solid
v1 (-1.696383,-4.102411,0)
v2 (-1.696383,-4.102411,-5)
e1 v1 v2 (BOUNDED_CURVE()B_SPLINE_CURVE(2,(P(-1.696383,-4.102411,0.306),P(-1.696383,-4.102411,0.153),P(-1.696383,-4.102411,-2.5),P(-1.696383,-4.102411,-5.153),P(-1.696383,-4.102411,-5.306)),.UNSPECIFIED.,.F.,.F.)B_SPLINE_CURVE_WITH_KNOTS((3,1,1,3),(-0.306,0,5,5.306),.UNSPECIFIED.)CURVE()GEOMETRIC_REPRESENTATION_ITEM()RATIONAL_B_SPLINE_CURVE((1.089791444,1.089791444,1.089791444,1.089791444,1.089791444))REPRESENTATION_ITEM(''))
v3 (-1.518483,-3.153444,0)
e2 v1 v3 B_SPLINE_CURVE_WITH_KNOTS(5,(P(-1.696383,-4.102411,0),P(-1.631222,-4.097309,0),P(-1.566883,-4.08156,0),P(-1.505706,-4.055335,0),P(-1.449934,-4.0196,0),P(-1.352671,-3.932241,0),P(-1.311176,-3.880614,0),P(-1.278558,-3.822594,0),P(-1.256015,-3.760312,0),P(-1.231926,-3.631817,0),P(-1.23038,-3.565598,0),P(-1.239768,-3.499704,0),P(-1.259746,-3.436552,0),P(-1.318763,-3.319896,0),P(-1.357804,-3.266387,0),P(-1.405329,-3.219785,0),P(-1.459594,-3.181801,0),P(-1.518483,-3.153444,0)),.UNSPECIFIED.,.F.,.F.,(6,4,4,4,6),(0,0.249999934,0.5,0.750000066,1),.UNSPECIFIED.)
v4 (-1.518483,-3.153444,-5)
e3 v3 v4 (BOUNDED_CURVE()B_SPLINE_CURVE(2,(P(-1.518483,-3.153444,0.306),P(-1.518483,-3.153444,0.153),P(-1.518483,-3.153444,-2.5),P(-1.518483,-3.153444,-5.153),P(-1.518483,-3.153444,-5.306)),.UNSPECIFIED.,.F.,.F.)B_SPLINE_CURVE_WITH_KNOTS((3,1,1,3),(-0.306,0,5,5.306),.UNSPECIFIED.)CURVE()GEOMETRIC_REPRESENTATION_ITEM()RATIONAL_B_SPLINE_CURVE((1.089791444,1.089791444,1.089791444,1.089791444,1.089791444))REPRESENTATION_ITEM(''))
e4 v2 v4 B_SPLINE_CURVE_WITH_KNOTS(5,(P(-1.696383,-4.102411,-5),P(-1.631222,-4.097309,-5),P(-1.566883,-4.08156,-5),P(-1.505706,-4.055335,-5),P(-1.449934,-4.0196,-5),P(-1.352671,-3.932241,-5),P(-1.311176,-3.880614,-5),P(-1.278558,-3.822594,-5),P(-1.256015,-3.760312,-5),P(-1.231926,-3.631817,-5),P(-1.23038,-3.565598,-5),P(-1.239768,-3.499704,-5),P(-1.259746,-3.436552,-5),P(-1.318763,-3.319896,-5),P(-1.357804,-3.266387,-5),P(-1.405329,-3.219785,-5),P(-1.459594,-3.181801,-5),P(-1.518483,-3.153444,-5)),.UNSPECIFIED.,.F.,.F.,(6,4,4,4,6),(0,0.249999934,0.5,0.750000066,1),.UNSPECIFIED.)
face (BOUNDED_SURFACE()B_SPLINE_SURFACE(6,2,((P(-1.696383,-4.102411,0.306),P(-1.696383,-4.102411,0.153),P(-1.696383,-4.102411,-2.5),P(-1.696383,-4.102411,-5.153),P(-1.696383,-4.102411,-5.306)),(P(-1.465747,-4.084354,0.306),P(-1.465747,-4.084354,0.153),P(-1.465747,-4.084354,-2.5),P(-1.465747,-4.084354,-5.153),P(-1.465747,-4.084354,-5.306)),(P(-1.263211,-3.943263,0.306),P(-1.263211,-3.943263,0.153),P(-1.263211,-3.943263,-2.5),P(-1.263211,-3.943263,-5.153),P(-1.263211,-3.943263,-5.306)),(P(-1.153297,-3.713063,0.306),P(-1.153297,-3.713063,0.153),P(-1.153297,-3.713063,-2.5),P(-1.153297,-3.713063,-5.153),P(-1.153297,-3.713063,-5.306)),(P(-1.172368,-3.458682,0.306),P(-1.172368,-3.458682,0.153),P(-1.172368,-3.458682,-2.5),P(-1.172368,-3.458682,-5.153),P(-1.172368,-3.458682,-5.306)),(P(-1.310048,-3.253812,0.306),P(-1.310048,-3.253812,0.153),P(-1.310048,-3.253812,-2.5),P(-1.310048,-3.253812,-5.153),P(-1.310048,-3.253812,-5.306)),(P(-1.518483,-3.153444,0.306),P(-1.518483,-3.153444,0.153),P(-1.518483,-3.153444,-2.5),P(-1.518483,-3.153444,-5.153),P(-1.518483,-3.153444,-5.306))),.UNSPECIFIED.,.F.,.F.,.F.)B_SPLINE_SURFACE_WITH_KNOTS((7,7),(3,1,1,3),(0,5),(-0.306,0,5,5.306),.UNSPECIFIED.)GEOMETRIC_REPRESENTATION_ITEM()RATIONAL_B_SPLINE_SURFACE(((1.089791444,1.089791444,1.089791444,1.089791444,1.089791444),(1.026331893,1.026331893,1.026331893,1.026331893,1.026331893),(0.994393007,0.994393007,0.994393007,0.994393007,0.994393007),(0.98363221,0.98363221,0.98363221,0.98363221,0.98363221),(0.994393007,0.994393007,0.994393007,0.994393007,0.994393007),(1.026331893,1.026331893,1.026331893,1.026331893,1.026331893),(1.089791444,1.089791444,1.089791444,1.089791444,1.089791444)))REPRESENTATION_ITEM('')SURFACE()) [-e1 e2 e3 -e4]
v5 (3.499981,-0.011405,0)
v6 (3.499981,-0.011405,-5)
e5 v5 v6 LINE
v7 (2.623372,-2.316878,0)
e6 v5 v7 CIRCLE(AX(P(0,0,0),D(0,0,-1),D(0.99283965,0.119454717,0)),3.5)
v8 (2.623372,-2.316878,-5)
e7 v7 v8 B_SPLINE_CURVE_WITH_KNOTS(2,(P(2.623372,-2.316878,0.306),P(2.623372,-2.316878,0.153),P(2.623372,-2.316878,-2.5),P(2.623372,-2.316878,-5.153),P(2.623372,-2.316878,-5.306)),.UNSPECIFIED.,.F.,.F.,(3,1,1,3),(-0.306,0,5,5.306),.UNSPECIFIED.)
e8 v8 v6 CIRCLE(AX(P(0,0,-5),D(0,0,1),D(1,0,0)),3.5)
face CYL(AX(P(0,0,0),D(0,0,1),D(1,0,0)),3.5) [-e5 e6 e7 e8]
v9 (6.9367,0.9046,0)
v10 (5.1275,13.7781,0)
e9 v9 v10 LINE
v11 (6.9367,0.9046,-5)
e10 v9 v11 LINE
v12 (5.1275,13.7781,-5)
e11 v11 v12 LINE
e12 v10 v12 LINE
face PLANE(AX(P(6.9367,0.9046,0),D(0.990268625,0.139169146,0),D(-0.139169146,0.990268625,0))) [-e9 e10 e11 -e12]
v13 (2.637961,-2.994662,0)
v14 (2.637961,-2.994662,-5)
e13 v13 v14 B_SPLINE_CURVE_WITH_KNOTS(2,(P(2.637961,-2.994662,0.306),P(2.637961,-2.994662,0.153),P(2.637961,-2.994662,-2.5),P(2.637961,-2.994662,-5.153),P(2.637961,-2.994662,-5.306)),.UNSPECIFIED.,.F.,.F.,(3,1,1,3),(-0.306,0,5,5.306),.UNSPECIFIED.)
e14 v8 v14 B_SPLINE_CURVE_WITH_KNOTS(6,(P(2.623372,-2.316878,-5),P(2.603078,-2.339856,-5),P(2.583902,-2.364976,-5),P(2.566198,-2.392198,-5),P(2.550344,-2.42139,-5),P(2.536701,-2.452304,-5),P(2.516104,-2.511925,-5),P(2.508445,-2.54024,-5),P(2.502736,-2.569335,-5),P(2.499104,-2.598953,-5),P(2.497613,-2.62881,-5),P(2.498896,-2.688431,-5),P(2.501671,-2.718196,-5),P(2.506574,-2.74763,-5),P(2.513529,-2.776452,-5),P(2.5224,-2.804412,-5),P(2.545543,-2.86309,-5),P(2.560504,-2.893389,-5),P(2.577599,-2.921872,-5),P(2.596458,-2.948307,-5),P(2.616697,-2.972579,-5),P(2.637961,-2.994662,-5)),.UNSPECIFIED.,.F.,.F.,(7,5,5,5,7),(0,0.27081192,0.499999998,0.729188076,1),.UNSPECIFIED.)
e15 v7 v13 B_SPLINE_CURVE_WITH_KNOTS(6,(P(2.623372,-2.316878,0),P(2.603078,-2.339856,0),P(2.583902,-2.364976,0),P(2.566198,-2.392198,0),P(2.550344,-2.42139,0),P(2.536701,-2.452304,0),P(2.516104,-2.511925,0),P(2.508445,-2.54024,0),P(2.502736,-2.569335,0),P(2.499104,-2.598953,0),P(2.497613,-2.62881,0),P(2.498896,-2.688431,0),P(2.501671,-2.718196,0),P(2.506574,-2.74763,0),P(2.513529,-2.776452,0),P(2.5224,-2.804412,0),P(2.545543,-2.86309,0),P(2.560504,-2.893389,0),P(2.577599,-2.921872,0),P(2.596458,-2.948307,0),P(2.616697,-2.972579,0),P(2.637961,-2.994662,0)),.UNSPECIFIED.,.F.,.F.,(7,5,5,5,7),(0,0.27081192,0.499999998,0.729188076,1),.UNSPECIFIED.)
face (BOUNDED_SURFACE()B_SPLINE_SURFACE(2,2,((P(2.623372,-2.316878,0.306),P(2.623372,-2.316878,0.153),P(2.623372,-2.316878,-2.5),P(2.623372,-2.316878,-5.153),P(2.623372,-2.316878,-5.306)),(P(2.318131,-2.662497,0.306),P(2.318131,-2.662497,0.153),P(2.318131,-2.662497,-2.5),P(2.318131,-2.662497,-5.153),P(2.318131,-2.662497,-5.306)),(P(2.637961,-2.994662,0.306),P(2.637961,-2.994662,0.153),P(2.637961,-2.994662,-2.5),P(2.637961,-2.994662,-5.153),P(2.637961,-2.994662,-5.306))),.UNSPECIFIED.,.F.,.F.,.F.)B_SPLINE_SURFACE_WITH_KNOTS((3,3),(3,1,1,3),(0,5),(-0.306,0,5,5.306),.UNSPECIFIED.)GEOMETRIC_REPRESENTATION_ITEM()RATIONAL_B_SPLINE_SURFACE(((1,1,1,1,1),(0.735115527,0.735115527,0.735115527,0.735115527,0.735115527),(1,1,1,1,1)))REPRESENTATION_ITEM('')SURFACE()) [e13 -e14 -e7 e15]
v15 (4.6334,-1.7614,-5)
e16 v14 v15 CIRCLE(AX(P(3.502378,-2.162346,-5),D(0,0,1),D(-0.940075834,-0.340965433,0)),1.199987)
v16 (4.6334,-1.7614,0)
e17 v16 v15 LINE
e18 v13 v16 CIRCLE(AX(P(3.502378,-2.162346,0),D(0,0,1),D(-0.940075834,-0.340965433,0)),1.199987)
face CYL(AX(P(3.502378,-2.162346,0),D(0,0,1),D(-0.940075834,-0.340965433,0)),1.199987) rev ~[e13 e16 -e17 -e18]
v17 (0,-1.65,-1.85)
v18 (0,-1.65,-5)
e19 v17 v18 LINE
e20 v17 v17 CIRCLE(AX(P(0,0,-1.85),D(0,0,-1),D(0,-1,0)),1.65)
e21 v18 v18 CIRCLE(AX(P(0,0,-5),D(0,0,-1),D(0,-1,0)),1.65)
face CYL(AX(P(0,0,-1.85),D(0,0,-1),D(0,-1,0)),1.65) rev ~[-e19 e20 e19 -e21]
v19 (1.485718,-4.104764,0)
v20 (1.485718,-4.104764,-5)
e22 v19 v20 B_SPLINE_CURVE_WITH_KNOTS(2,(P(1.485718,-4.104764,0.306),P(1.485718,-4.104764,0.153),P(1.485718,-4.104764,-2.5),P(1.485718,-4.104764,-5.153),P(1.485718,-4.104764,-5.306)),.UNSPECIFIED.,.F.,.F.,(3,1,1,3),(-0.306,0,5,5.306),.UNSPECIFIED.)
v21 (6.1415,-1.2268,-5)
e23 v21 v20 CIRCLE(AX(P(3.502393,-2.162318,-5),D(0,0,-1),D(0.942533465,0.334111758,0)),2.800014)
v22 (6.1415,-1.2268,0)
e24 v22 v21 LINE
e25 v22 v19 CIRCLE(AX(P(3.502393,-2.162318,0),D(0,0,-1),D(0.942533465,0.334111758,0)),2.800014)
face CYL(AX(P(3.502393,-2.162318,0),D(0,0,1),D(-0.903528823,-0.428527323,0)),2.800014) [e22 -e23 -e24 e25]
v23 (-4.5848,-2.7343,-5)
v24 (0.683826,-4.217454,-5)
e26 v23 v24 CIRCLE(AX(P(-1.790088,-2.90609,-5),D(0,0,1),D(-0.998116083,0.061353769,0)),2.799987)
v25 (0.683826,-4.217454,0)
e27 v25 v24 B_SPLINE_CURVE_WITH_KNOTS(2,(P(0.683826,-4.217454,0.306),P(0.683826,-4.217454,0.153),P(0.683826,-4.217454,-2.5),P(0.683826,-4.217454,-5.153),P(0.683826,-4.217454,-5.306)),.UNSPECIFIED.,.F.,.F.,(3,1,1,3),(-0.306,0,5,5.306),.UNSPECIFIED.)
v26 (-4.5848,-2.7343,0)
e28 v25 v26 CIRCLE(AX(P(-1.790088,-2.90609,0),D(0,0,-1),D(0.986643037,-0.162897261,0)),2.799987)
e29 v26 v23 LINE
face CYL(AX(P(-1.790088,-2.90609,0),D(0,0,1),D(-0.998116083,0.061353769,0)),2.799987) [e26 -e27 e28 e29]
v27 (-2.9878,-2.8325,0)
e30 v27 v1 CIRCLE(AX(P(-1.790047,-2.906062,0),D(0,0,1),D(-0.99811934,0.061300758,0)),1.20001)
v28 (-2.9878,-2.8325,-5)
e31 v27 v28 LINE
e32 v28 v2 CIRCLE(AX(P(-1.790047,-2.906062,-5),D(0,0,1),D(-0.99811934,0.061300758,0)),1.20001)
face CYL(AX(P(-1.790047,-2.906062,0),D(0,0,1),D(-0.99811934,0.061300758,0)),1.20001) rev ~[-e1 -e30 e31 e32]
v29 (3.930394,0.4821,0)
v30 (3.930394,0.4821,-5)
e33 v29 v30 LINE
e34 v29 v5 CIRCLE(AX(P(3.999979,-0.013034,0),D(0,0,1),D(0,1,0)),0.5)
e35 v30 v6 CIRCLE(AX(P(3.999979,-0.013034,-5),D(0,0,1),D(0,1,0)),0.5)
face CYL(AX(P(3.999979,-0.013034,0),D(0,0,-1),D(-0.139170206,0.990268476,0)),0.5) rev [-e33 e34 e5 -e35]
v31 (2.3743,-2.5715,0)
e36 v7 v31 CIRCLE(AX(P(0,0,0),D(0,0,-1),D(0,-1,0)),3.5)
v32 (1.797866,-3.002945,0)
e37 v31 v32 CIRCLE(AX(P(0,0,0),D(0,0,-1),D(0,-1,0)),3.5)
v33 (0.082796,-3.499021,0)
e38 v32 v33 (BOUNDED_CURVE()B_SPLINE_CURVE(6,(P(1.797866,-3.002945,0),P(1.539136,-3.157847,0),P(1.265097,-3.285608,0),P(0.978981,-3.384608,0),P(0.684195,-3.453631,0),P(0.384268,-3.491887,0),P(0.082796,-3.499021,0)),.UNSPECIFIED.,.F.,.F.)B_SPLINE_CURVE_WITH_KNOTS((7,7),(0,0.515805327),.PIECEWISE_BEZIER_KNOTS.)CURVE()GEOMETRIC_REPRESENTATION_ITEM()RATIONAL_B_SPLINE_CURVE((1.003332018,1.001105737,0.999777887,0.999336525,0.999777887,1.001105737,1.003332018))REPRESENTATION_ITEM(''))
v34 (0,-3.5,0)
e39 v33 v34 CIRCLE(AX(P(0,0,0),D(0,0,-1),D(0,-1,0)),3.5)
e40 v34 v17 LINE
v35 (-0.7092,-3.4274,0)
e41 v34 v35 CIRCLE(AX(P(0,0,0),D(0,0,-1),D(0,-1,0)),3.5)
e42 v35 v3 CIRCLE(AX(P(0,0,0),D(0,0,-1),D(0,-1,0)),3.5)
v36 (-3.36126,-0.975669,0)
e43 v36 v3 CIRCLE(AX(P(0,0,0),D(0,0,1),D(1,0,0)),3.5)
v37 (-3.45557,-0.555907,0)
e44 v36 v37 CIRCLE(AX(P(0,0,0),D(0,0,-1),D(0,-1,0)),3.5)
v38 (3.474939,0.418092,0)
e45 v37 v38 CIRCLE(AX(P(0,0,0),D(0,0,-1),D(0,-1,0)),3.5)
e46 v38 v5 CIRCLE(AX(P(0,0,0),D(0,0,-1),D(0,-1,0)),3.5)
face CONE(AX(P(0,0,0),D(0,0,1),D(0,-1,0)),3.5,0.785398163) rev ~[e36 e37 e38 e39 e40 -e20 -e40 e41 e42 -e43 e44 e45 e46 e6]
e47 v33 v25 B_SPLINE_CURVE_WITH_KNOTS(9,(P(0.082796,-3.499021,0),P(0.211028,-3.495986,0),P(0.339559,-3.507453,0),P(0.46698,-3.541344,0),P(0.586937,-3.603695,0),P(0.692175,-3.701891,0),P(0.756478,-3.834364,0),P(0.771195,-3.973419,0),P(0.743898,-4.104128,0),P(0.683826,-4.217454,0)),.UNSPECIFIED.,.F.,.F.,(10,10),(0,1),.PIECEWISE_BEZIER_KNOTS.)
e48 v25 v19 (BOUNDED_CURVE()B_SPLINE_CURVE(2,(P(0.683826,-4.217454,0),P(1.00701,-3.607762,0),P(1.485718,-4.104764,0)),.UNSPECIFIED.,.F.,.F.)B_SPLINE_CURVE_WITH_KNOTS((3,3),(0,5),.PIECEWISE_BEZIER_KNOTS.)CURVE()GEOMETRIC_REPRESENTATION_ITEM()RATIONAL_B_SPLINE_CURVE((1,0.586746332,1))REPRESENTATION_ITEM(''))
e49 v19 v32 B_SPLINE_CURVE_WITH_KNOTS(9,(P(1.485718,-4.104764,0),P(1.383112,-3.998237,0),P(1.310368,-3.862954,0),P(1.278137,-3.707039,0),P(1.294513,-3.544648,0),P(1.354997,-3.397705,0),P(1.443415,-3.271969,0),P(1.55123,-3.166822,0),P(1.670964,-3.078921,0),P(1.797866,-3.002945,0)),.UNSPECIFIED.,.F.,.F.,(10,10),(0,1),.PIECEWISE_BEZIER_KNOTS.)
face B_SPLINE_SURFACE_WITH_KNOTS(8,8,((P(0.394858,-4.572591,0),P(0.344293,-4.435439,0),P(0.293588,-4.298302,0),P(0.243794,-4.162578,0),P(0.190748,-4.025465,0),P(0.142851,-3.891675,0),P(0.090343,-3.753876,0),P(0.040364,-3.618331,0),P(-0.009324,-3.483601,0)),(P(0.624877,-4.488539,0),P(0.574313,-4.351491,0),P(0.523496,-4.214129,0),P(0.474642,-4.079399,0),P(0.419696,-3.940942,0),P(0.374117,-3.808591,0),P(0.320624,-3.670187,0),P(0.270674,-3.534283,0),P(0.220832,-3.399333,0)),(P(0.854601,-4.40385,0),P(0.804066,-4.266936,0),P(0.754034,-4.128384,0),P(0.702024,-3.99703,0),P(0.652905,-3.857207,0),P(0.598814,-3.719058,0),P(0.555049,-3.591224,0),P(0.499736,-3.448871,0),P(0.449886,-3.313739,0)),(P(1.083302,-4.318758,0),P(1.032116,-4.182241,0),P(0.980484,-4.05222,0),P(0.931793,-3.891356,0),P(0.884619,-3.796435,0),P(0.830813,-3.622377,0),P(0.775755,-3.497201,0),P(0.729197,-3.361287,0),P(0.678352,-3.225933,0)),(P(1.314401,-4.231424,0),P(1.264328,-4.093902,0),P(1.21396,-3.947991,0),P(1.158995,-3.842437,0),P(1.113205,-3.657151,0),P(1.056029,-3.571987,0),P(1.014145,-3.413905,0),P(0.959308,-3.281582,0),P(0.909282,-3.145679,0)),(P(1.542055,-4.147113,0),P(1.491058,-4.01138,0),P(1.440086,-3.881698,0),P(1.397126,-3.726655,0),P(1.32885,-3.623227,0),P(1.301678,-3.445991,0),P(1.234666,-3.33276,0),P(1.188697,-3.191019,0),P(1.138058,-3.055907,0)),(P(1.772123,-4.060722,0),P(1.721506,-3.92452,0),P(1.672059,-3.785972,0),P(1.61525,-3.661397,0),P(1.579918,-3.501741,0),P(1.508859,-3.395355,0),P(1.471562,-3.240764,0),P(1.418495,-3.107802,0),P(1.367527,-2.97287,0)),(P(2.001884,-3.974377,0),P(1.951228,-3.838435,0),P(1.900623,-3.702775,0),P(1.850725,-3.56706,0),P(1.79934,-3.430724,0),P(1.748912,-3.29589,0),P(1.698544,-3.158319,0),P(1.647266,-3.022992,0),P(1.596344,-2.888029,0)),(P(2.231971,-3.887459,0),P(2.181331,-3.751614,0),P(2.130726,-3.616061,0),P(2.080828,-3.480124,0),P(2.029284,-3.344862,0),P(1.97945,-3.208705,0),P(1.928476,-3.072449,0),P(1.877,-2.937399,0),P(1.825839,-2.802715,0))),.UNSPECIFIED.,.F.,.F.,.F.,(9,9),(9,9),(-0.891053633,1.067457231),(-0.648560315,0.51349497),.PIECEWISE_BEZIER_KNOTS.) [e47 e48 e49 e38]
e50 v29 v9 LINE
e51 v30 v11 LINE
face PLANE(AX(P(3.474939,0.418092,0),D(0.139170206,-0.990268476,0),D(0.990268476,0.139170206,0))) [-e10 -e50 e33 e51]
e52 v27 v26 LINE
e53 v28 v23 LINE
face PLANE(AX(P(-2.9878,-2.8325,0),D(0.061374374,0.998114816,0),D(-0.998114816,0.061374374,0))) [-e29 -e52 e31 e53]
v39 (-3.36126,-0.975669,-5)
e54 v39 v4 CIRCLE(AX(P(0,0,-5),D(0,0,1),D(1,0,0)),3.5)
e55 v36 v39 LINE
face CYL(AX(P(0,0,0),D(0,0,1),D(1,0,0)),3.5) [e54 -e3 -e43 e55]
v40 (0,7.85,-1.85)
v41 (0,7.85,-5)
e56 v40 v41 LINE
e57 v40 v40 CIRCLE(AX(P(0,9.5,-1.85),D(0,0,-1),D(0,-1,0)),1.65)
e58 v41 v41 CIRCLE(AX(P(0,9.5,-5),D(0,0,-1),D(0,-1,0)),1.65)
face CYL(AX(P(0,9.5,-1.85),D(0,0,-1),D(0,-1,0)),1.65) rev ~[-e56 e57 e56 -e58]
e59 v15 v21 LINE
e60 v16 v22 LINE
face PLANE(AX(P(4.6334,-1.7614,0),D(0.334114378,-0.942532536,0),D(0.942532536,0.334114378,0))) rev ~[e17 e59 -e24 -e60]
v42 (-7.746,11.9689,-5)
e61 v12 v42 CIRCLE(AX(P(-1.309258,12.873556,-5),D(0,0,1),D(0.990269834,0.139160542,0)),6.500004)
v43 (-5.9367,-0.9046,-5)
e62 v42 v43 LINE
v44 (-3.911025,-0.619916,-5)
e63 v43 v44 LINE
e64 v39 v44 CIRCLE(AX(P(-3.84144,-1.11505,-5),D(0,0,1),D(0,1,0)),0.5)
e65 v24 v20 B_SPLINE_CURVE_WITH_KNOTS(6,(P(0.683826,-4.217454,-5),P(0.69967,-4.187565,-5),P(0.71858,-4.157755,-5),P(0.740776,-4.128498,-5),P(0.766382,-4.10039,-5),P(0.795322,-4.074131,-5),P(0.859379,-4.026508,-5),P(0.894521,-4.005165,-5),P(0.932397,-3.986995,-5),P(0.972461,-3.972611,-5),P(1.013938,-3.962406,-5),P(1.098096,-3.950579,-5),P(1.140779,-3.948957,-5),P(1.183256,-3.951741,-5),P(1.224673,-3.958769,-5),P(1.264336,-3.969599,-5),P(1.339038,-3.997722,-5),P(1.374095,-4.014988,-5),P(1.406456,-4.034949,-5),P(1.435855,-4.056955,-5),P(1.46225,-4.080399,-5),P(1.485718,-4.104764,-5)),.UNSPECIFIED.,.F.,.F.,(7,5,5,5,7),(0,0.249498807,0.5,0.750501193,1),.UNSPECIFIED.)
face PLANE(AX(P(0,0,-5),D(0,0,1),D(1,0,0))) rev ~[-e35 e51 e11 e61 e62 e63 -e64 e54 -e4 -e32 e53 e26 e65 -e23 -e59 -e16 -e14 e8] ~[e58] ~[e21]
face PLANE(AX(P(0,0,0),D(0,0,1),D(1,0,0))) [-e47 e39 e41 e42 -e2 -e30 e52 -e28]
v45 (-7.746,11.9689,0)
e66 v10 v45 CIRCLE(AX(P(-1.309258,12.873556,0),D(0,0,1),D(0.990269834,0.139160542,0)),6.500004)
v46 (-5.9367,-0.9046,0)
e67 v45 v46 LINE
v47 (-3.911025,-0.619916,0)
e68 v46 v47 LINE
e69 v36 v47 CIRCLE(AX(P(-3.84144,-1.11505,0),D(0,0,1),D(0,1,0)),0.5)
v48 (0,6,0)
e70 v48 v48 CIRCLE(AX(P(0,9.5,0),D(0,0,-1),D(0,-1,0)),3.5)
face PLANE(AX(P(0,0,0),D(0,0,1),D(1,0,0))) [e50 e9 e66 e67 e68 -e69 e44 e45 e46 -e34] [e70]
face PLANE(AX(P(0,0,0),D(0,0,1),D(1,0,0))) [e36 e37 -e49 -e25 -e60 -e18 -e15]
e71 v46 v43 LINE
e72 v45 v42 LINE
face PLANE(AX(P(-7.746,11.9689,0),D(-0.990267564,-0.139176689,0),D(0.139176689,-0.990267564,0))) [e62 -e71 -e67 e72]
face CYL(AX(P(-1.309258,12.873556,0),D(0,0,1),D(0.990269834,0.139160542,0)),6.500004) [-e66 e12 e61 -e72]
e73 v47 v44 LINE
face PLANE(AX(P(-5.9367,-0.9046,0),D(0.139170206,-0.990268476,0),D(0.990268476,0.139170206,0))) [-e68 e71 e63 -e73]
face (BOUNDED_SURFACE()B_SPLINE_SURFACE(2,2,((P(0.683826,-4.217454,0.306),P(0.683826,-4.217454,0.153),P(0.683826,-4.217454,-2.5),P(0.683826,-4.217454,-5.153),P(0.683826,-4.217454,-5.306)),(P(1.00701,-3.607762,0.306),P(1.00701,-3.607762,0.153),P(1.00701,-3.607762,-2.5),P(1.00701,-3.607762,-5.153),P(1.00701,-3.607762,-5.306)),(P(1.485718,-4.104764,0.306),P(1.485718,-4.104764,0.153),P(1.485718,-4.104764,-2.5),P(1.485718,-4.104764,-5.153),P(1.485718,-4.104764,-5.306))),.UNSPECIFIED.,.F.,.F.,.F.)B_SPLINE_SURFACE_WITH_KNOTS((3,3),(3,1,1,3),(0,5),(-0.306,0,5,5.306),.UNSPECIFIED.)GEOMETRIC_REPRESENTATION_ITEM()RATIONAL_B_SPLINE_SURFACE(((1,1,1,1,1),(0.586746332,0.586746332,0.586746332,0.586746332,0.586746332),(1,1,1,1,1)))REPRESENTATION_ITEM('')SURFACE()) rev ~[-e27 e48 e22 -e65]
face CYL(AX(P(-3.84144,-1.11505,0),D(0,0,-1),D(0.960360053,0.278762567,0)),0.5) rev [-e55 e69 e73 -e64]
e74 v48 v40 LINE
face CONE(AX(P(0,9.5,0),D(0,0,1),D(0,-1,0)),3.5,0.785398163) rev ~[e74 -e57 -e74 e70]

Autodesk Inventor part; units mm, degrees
ref_plane "YZ Plane" through (0, 0, 0) normal (1, 0, 0) x (0, 1, 0)
ref_plane "XZ Plane" through (0, 0, 0) normal (0, 1, 0) x (-1, 0, 0)
ref_plane "XY Plane" through (0, 0, 0) normal (0, 0, 1) x (1, 0, 0)
sketch "Skizze1" plane through (0, 0, 0) normal (0, 0, 1) x (1, 0, 0)
  line L0 (0.5, 0) -> (-1.3093, 12.8735) construction
  line L1 (6.9367, 0.9046) -> (5.1275, 13.7781)
  line L2 (-7.746, 11.9689) -> (-5.9367, -0.9046)
  arc A0 (-5.9367, -0.9046) -> (6.9367, 0.9046) centre (0.5, 0) ccw
  arc A1 (5.1275, 13.7781) -> (-7.746, 11.9689) centre (-1.3093, 12.8735) ccw
  line L3 (0, 0) -> (0, 9.5) construction
  line L4 (5, -11) -> (-5, -11) construction
  line L5 (0, 0) -> (0, -11) construction
  line L6 (-8.5, 9.1711) -> (-8.5, -11) construction
  dimension "d0" = 13
  dimension "d1" = 13
  dimension "d14" = 9.5
  dimension "d17" = 8
  dimension "d26" = 11
  dimension "d27" = 10
  dimension "d28" = 11
  dimension "d29" = 8.5
  dimension "d30" = 9
extrude "Extrusion1" add sketch "Skizze1" against normal blind 5
hole "Bohrung2" at (0, 9.5, 0) at (0, 0, 0) direction (0, 0, -1) diameter 3.3 end through all countersink diameter 7 countersink angle 90
sketch "Skizze4" plane through (0, 0, 0) normal (0, 0, 1) x (1, 0, 0)
  circle A0 centre (0, 0) radius 3.5 projected
  arc A1 (2.3743, -2.5715) -> (4.6334, -1.7614) centre (3.5024, -2.1623) ccw
  arc A2 (0.9725, -3.3622) -> (6.1415, -1.2268) centre (3.5024, -2.1623) ccw
  arc A3 (-5.9367, -0.9046) -> (6.9367, 0.9046) centre (0.5, 0) ccw projected
  line L0 (4.6334, -1.7614) -> (6.1415, -1.2268)
  line L1 (-5.9367, -0.9046) -> (6.9367, 0.9046)
  line L2 (0.5, 0) -> (1.4046, -6.4367) construction
  arc A4 (-4.5848, -2.7343) -> (0.9725, -3.3622) centre (-1.7901, -2.9061) ccw
  arc A5 (-2.9878, -2.8325) -> (-0.7092, -3.4274) centre (-1.7901, -2.9061) ccw
  line L3 (-2.9878, -2.8325) -> (-4.5848, -2.7343)
  point P0 (-3.4556, -0.5559)
  point P1 (-3.5231, -5.1053)
  point P2 (5.7745, -3.7986)
  point P3 (3.4749, 0.4181)
  dimension "d38" = 1.2
  dimension "d39" = 1.6
  dimension "d40" = 2
  dimension "d41" = 1.6
  dimension "d42" = 1.2
  dimension "d43" = 2
extrude "Extrusion3" cut sketch "Skizze4" against normal through all contours A5 L3 A4 A3 L1 A0 | A2 A3 A4 | A0 L1 A3 A2 L0 A1
fillet "Rundung2" radius 0.5 5 edges at (-3.4556, -0.5559, -2.5) (3.4749, 0.4181, -2.5) (2.3743, -2.5715, -2.5) (-0.7092, -3.4274, -2.5) (0.9725, -3.3622, -2.5)
equation "\"d28\" = d_Boden"
equation "\"d30\" = d_Vorne"
equation "\"d41\" = d39"
equation "\"d42\" = d38"
equation "\"d43\" = d40"
equation "\"d_Boden\" = 11"
equation "\"d_Vorne\" = 9"
properties part number "Dribbler Slider" material "Gummi, Silikon"
